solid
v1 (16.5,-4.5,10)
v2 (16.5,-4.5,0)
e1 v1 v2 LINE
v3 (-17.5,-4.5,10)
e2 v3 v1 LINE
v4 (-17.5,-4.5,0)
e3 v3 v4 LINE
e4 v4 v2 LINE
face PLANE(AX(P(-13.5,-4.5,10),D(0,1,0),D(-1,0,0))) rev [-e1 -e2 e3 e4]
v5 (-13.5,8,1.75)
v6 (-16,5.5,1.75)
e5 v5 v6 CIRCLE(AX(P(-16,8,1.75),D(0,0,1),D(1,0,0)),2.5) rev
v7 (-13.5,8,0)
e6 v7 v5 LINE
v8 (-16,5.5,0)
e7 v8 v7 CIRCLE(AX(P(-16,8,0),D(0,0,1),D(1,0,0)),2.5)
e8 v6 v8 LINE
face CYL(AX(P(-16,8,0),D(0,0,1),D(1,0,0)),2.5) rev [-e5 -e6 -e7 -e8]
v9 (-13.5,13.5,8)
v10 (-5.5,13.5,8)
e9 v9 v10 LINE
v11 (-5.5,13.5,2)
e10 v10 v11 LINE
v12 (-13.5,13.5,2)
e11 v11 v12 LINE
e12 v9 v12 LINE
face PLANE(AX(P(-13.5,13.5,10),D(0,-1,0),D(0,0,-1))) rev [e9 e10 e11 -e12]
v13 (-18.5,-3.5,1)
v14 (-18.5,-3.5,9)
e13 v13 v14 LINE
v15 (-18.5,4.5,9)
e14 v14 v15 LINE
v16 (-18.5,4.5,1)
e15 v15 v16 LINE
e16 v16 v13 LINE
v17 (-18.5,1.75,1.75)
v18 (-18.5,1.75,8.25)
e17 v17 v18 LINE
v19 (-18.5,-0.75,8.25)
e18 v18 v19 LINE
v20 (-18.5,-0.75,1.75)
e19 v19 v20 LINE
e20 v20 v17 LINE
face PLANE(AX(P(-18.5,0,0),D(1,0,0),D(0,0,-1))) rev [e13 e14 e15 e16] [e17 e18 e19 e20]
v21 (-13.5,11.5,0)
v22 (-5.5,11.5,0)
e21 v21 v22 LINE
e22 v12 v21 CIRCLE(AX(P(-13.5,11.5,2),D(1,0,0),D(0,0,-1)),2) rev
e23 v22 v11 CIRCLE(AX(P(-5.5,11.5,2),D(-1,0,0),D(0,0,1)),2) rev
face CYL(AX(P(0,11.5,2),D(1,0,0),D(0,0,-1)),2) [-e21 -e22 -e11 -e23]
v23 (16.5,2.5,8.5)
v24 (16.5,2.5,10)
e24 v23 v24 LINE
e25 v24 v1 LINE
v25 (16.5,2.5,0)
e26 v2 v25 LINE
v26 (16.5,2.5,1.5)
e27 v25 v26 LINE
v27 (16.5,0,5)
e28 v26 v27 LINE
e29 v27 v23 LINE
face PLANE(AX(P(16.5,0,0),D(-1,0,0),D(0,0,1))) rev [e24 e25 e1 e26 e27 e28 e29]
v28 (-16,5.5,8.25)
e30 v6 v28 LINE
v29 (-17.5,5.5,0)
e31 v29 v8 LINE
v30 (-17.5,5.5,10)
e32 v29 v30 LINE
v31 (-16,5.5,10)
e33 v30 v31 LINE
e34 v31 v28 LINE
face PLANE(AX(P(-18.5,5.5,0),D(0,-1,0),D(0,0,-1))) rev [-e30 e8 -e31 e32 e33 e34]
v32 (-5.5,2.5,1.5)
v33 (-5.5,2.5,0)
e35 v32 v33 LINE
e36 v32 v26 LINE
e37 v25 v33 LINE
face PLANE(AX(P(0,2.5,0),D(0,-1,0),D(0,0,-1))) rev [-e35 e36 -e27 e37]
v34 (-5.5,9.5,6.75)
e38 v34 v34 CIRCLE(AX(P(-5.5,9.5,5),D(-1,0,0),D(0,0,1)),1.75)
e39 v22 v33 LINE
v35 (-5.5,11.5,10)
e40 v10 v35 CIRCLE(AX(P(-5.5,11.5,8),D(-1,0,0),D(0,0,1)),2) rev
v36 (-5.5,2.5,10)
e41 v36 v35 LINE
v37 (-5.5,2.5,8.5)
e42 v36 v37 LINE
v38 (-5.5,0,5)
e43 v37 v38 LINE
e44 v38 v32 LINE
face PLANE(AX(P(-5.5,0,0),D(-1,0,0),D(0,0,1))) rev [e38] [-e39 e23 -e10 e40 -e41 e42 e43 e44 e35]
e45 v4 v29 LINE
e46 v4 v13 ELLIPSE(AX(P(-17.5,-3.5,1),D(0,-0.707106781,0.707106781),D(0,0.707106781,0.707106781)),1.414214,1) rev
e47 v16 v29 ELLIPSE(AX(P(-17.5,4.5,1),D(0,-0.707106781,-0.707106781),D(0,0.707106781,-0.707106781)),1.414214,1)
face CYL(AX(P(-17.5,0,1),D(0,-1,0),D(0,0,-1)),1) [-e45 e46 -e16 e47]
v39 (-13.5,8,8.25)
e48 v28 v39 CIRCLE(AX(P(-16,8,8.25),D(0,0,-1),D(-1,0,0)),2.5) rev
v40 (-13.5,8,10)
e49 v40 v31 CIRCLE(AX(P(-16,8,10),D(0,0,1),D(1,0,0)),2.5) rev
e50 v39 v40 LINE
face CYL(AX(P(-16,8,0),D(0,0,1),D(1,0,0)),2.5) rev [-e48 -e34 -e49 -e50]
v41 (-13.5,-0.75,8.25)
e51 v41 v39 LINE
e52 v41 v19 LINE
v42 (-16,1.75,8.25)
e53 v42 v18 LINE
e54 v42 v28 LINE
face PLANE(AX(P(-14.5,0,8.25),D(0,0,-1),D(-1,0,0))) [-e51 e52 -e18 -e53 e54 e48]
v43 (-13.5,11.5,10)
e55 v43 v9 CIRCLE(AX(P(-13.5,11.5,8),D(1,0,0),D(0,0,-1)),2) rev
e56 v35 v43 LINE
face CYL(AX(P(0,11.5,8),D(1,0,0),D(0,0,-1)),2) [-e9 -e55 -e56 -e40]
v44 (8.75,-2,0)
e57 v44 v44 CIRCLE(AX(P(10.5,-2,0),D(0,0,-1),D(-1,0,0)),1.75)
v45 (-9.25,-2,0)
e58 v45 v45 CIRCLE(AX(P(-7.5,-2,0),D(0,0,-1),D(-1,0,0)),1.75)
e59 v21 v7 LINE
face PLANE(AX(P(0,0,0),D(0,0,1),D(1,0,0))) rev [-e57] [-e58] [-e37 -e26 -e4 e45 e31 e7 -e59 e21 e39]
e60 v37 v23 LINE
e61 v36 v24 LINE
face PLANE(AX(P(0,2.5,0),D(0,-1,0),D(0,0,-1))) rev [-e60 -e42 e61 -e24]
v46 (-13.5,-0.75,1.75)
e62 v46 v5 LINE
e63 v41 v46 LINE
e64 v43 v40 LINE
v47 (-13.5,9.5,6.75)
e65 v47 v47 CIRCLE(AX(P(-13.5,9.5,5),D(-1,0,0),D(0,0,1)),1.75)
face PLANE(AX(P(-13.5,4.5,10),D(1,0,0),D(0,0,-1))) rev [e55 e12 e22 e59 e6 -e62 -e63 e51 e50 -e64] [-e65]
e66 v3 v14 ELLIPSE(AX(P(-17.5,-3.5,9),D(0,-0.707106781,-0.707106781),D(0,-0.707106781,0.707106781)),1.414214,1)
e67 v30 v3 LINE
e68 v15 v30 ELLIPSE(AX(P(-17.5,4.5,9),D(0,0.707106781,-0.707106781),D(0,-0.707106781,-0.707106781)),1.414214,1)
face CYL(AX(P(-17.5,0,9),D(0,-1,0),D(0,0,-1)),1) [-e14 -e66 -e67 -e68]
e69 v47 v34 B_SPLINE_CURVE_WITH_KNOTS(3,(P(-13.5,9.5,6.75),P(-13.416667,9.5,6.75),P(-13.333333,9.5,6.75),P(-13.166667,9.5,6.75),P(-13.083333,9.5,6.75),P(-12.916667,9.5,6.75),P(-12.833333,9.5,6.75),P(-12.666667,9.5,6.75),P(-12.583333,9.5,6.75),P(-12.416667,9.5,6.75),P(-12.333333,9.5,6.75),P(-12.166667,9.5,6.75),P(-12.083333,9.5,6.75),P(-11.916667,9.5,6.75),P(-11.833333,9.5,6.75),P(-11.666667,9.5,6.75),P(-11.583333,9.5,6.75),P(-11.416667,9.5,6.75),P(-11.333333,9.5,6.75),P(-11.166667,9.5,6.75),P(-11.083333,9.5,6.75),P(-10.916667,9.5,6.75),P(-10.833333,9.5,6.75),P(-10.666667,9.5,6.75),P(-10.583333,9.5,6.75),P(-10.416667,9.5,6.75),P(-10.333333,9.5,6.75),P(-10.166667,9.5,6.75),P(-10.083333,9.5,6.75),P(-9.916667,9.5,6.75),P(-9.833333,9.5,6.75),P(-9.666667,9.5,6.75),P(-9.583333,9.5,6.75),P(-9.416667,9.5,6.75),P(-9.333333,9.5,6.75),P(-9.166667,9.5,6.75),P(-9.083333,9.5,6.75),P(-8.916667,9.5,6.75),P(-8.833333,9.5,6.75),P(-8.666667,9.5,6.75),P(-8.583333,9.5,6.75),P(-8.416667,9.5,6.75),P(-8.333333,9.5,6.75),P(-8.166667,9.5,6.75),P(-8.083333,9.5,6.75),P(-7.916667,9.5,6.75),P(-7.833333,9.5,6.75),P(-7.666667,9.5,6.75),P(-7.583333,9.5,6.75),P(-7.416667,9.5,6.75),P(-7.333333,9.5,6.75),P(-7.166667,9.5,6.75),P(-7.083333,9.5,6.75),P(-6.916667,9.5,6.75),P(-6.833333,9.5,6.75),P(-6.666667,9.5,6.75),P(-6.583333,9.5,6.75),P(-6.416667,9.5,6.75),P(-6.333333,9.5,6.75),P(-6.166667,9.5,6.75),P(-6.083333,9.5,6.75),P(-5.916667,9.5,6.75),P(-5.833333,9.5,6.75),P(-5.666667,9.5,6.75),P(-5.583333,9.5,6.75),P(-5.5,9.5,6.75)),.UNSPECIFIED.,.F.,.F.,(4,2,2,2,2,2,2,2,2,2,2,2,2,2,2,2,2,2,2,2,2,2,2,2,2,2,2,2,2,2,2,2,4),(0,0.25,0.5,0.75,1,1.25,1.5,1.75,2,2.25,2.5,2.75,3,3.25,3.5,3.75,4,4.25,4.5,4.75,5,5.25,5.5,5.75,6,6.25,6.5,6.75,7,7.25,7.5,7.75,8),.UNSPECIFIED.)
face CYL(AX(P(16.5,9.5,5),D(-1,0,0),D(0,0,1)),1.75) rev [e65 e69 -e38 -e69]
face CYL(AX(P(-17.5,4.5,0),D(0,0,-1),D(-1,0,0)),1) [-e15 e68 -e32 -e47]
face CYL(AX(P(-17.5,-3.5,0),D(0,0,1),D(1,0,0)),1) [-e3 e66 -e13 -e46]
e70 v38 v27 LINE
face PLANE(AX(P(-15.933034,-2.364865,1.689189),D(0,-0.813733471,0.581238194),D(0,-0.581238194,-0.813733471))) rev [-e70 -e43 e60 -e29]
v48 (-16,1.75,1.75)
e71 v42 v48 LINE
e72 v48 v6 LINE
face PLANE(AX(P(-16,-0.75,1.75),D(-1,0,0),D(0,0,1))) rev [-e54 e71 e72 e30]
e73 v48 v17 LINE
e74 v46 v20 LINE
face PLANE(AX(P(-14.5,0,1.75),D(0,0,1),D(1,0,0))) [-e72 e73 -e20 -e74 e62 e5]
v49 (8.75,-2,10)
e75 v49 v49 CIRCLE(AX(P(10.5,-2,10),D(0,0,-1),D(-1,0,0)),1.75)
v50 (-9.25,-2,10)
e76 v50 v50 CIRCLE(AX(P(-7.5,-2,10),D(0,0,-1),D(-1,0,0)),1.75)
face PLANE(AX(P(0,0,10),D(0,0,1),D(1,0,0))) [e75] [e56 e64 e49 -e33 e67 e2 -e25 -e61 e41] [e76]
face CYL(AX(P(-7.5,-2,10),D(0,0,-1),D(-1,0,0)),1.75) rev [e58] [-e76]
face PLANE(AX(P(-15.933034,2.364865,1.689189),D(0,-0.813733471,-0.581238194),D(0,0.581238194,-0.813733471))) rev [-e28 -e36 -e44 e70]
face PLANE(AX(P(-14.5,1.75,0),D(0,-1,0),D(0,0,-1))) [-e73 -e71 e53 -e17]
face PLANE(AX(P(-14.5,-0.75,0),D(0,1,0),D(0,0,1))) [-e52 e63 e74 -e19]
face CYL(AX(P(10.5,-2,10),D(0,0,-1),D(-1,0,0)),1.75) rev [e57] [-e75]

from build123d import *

# Parameters (mm, degrees)
SKETCH_1_W           = 27
SKETCH_1_H           = 9
EXTRUDE_1_DEPTH      = 10
SKETCH_4_W           = 5
SKETCH_4_H           = 10
EXTRUDE_4_DEPTH      = 6
SKETCH_5_W           = 22
SKETCH_5_H           = 10
CUT_EXTRUDE_1_DEPTH  = 2
CUT_EXTRUDE_2_DEPTH  = 22
FILLET_1_R           = 1
FILLET_2_R           = 1
SKETCH_8_W           = 10
SKETCH_8_H           = 20
EXTRUDE_5_DEPTH      = 8
FILLET_3_R           = 2
FILLET_4_R           = 2
EXTRUDE_6_DEPTH      = 3
SKETCH_11_W          = 10
SKETCH_11_H          = 2.149089289
CUT_EXTRUDE_5_DEPTH  = 29.70975444
FILLET_5_R           = 2
FILLET_6_R           = 2
SKETCH_14_R          = 1.5
CUT_EXTRUDE_6_DEPTH  = 24.547823679
SKETCH_15_R          = 1.5
EXTRUDE_7_DEPTH      = 10
SKETCH_18_R          = 1.5
EXTRUDE_9_DEPTH      = 10
SKETCH_17_R          = 1.5
CUT_EXTRUDE_7_DEPTH  = 24.547823679
SKETCH_19_R          = 1.5
CUT_EXTRUDE_8_DEPTH  = 24.547823679
CUT_EXTRUDE_9_DEPTH  = 22
SKETCH_23_W          = 10
SKETCH_23_H          = 10
EXTRUDE_10_DEPTH     = 5
SKETCH_24_W          = 3.25
SKETCH_24_H          = 1.25
CUT_EXTRUDE_11_DEPTH = 4
CUT_EXTRUDE_12_DEPTH = 6.25
FILLET_7_R           = 2.5
FILLET_8_R           = 1
SKETCH_26_R          = 1.5
CUT_EXTRUDE_13_DEPTH = 35.383862494
SKETCH_27_R          = 1.75
CUT_EXTRUDE_14_DEPTH = 25.989997999
SKETCH_28_R          = 1.75
CUT_EXTRUDE_15_DEPTH = 35.383862494


with BuildPart() as part:
    # Эскиз1 → Бобышка-Вытянуть1 (new body)
    with BuildSketch(Plane.XY):
        Rectangle(SKETCH_1_W, SKETCH_1_H)
    extrude(amount=EXTRUDE_1_DEPTH)

    # Эскиз4 → Бобышка-Вытянуть4 (add)
    with BuildSketch(Plane(origin=(0, 4.5, 0), x_dir=(1, 0, 0), z_dir=(0, 1, 0))):
        with Locations((-11, -5)):
            Rectangle(SKETCH_4_W, SKETCH_4_H)
    extrude(amount=EXTRUDE_4_DEPTH)

    # Эскиз5 → Вырез-Вытянуть1 (cut)
    with BuildSketch(Plane(origin=(0, 4.5, 0), x_dir=(1, 0, 0), z_dir=(0, 1, 0))):
        with Locations((2.5, -5)):
            Rectangle(SKETCH_5_W, SKETCH_5_H)
    extrude(amount=-CUT_EXTRUDE_1_DEPTH, mode=Mode.SUBTRACT)

    # Эскиз6 → Вырез-Вытянуть2 (cut)
    with BuildSketch(Plane(origin=(13.5, 0, 0), x_dir=(0, 0, -1), z_dir=(1, 0, 0))):
        Polygon((-1.5, 2.5), (-8.5, 2.5), (-5, 0), align=None)
    extrude(amount=-CUT_EXTRUDE_2_DEPTH, mode=Mode.SUBTRACT)

    # Скругление1
    fillet_1_edges = [part.edges().sort_by_distance(p)[0] for p in [
        (-11, 10.5, 10),
    ]]
    fillet(fillet_1_edges, radius=FILLET_1_R)

    # Скругление2
    fillet_2_edges = [part.edges().sort_by_distance(p)[0] for p in [
        (-11, 10.5, 0),
    ]]
    fillet(fillet_2_edges, radius=FILLET_2_R)

    # Эскиз8 → Бобышка-Вытянуть5 (add)
    with BuildSketch(Plane.ZY.offset(13.5)):
        with Locations((5, 5.5)):
            Rectangle(SKETCH_8_W, SKETCH_8_H)
    extrude(amount=-EXTRUDE_5_DEPTH)

    # Скругление3
    fillet_3_edges = [part.edges().sort_by_distance(p)[0] for p in [
        (-9.5, 15.5, 10),
    ]]
    fillet(fillet_3_edges, radius=FILLET_3_R)

    # Скругление4
    fillet_4_edges = [part.edges().sort_by_distance(p)[0] for p in [
        (-9.5, 15.5, 0),
    ]]
    fillet(fillet_4_edges, radius=FILLET_4_R)

    # Эскиз9 → Бобышка-Вытянуть6 (add)
    with BuildSketch(Plane(origin=(13.5, 0, 0), x_dir=(0, 0, -1), z_dir=(1, 0, 0))):
        Polygon((-10, -4.5), (-10, 2.5), (-8.5, 2.5), (-5, 0), (-1.5, 2.5), (0, 2.5), (0, -4.5), align=None)
    extrude(amount=EXTRUDE_6_DEPTH)

    # Эскиз11 → Вырез-Вытянуть5 (cut, through all)
    with BuildSketch(Plane(origin=(-5.5, 0, 0), x_dir=(0, 0, -1), z_dir=(1, 0, 0))):
        with Locations((-5, 14.574544645)):
            Rectangle(SKETCH_11_W, SKETCH_11_H)
    extrude(amount=-CUT_EXTRUDE_5_DEPTH, mode=Mode.SUBTRACT)

    # Скругление5
    fillet_5_edges = [part.edges().sort_by_distance(p)[0] for p in [
        (-9.5, 13.5, 10),
    ]]
    fillet(fillet_5_edges, radius=FILLET_5_R)

    # Скругление6
    fillet_6_edges = [part.edges().sort_by_distance(p)[0] for p in [
        (-9.5, 13.5, 0),
    ]]
    fillet(fillet_6_edges, radius=FILLET_6_R)

    # Эскиз14 → Вырез-Вытянуть6 (cut, through all)
    with BuildSketch(Plane.XY.offset(10)):
        with Locations((-7.5, -1)):
            Circle(SKETCH_14_R)
        with Locations((10.5, -1)):
            Circle(SKETCH_14_R)
    extrude(amount=-CUT_EXTRUDE_6_DEPTH, mode=Mode.SUBTRACT)

    # Эскиз15 → Бобышка-Вытянуть7 (add, through all)
    with BuildSketch(Plane.XY.offset(10)):
        with Locations((10.5, -1)):
            Circle(SKETCH_15_R)
    extrude(amount=-EXTRUDE_7_DEPTH)

    # Эскиз18 → Бобышка-Вытянуть9 (add, through all)
    with BuildSketch(Plane.XY.offset(10)):
        with Locations((-7.5, -1)):
            Circle(SKETCH_18_R)
    extrude(amount=-EXTRUDE_9_DEPTH)

    # Эскиз17 → Вырез-Вытянуть7 (cut, through all)
    with BuildSketch(Plane.XY.offset(10)):
        with Locations((-7.5, -2)):
            Circle(SKETCH_17_R)
    extrude(amount=-CUT_EXTRUDE_7_DEPTH, mode=Mode.SUBTRACT)

    # Эскиз19 → Вырез-Вытянуть8 (cut, through all)
    with BuildSketch(Plane.XY.offset(10)):
        with Locations((10.5, -2)):
            Circle(SKETCH_19_R)
    extrude(amount=-CUT_EXTRUDE_8_DEPTH, mode=Mode.SUBTRACT)

    # Эскиз20 → Вырез-Вытянуть9 (cut)
    with BuildSketch(Plane(origin=(16.5, 0, 0), x_dir=(0, 0, -1), z_dir=(1, 0, 0))):
        Polygon((-8.5, 2.5), (-5, 0), (-1.5, 2.5), align=None)
    extrude(amount=-CUT_EXTRUDE_9_DEPTH, mode=Mode.SUBTRACT)

    # Эскиз23 → Бобышка-Вытянуть10 (add)
    with BuildSketch(Plane.ZY.offset(13.5)):
        with Locations((5, 0.5)):
            Rectangle(SKETCH_23_W, SKETCH_23_H)
    extrude(amount=EXTRUDE_10_DEPTH)

    # Эскиз24 → Вырез-Вытянуть11 (cut)
    with BuildSketch(Plane.ZY.offset(18.5)):
        with Locations((3.375, 1.125)):
            Rectangle(SKETCH_24_W, SKETCH_24_H)
        with Locations((6.625, 1.125)):
            Rectangle(SKETCH_24_W, SKETCH_24_H)
        with Locations((3.375, -0.125)):
            Rectangle(SKETCH_24_W, SKETCH_24_H)
        with Locations((6.625, -0.125)):
            Rectangle(SKETCH_24_W, SKETCH_24_H)
    extrude(amount=-CUT_EXTRUDE_11_DEPTH, mode=Mode.SUBTRACT)

    # Эскиз25 → Вырез-Вытянуть12 (cut)
    with BuildSketch(Plane(origin=(0, 5.5, 0), x_dir=(1, 0, 0), z_dir=(0, 1, 0))):
        Polygon((-13.5, -5), (-13.5, -1.75), (-16, -1.75), (-16, -8.25), (-13.5, -8.25), align=None)
    extrude(amount=-CUT_EXTRUDE_12_DEPTH, mode=Mode.SUBTRACT)

    # Скругление7
    fillet_7_edges = [part.edges().sort_by_distance(p)[0] for p in [
        (-13.5, 5.5, 9.125),
        (-13.5, 5.5, 0.875),
    ]]
    fillet(fillet_7_edges, radius=FILLET_7_R)

    # Скругление8
    fillet_8_edges = [part.edges().sort_by_distance(p)[0] for p in [
        (-18.5, 0.5, 0),
        (-18.5, -4.5, 5),
        (-18.5, 0.5, 10),
        (-18.5, 5.5, 5),
    ]]
    fillet(fillet_8_edges, radius=FILLET_8_R)

    # Эскиз26 → Вырез-Вытянуть13 (cut, through all)
    with BuildSketch(Plane.ZY.offset(13.5)):
        with Locations((5, 9.5)):
            Circle(SKETCH_26_R)
    extrude(amount=-CUT_EXTRUDE_13_DEPTH, mode=Mode.SUBTRACT)

    # Эскиз27 → Вырез-Вытянуть14 (cut, through all)
    with BuildSketch(Plane(origin=(0, 0, 0), x_dir=(-1, 0, 0), z_dir=(0, 0, -1))):
        with Locations((-10.5, -2)):
            Circle(SKETCH_27_R)
        with Locations((7.5, -2)):
            Circle(SKETCH_27_R)
    extrude(amount=-CUT_EXTRUDE_14_DEPTH, mode=Mode.SUBTRACT)

    # Эскиз28 → Вырез-Вытянуть15 (cut, through all)
    with BuildSketch(Plane.ZY.offset(13.5)):
        with Locations((5, 9.5)):
            Circle(SKETCH_28_R)
    extrude(amount=-CUT_EXTRUDE_15_DEPTH, mode=Mode.SUBTRACT)


solid = part.part
